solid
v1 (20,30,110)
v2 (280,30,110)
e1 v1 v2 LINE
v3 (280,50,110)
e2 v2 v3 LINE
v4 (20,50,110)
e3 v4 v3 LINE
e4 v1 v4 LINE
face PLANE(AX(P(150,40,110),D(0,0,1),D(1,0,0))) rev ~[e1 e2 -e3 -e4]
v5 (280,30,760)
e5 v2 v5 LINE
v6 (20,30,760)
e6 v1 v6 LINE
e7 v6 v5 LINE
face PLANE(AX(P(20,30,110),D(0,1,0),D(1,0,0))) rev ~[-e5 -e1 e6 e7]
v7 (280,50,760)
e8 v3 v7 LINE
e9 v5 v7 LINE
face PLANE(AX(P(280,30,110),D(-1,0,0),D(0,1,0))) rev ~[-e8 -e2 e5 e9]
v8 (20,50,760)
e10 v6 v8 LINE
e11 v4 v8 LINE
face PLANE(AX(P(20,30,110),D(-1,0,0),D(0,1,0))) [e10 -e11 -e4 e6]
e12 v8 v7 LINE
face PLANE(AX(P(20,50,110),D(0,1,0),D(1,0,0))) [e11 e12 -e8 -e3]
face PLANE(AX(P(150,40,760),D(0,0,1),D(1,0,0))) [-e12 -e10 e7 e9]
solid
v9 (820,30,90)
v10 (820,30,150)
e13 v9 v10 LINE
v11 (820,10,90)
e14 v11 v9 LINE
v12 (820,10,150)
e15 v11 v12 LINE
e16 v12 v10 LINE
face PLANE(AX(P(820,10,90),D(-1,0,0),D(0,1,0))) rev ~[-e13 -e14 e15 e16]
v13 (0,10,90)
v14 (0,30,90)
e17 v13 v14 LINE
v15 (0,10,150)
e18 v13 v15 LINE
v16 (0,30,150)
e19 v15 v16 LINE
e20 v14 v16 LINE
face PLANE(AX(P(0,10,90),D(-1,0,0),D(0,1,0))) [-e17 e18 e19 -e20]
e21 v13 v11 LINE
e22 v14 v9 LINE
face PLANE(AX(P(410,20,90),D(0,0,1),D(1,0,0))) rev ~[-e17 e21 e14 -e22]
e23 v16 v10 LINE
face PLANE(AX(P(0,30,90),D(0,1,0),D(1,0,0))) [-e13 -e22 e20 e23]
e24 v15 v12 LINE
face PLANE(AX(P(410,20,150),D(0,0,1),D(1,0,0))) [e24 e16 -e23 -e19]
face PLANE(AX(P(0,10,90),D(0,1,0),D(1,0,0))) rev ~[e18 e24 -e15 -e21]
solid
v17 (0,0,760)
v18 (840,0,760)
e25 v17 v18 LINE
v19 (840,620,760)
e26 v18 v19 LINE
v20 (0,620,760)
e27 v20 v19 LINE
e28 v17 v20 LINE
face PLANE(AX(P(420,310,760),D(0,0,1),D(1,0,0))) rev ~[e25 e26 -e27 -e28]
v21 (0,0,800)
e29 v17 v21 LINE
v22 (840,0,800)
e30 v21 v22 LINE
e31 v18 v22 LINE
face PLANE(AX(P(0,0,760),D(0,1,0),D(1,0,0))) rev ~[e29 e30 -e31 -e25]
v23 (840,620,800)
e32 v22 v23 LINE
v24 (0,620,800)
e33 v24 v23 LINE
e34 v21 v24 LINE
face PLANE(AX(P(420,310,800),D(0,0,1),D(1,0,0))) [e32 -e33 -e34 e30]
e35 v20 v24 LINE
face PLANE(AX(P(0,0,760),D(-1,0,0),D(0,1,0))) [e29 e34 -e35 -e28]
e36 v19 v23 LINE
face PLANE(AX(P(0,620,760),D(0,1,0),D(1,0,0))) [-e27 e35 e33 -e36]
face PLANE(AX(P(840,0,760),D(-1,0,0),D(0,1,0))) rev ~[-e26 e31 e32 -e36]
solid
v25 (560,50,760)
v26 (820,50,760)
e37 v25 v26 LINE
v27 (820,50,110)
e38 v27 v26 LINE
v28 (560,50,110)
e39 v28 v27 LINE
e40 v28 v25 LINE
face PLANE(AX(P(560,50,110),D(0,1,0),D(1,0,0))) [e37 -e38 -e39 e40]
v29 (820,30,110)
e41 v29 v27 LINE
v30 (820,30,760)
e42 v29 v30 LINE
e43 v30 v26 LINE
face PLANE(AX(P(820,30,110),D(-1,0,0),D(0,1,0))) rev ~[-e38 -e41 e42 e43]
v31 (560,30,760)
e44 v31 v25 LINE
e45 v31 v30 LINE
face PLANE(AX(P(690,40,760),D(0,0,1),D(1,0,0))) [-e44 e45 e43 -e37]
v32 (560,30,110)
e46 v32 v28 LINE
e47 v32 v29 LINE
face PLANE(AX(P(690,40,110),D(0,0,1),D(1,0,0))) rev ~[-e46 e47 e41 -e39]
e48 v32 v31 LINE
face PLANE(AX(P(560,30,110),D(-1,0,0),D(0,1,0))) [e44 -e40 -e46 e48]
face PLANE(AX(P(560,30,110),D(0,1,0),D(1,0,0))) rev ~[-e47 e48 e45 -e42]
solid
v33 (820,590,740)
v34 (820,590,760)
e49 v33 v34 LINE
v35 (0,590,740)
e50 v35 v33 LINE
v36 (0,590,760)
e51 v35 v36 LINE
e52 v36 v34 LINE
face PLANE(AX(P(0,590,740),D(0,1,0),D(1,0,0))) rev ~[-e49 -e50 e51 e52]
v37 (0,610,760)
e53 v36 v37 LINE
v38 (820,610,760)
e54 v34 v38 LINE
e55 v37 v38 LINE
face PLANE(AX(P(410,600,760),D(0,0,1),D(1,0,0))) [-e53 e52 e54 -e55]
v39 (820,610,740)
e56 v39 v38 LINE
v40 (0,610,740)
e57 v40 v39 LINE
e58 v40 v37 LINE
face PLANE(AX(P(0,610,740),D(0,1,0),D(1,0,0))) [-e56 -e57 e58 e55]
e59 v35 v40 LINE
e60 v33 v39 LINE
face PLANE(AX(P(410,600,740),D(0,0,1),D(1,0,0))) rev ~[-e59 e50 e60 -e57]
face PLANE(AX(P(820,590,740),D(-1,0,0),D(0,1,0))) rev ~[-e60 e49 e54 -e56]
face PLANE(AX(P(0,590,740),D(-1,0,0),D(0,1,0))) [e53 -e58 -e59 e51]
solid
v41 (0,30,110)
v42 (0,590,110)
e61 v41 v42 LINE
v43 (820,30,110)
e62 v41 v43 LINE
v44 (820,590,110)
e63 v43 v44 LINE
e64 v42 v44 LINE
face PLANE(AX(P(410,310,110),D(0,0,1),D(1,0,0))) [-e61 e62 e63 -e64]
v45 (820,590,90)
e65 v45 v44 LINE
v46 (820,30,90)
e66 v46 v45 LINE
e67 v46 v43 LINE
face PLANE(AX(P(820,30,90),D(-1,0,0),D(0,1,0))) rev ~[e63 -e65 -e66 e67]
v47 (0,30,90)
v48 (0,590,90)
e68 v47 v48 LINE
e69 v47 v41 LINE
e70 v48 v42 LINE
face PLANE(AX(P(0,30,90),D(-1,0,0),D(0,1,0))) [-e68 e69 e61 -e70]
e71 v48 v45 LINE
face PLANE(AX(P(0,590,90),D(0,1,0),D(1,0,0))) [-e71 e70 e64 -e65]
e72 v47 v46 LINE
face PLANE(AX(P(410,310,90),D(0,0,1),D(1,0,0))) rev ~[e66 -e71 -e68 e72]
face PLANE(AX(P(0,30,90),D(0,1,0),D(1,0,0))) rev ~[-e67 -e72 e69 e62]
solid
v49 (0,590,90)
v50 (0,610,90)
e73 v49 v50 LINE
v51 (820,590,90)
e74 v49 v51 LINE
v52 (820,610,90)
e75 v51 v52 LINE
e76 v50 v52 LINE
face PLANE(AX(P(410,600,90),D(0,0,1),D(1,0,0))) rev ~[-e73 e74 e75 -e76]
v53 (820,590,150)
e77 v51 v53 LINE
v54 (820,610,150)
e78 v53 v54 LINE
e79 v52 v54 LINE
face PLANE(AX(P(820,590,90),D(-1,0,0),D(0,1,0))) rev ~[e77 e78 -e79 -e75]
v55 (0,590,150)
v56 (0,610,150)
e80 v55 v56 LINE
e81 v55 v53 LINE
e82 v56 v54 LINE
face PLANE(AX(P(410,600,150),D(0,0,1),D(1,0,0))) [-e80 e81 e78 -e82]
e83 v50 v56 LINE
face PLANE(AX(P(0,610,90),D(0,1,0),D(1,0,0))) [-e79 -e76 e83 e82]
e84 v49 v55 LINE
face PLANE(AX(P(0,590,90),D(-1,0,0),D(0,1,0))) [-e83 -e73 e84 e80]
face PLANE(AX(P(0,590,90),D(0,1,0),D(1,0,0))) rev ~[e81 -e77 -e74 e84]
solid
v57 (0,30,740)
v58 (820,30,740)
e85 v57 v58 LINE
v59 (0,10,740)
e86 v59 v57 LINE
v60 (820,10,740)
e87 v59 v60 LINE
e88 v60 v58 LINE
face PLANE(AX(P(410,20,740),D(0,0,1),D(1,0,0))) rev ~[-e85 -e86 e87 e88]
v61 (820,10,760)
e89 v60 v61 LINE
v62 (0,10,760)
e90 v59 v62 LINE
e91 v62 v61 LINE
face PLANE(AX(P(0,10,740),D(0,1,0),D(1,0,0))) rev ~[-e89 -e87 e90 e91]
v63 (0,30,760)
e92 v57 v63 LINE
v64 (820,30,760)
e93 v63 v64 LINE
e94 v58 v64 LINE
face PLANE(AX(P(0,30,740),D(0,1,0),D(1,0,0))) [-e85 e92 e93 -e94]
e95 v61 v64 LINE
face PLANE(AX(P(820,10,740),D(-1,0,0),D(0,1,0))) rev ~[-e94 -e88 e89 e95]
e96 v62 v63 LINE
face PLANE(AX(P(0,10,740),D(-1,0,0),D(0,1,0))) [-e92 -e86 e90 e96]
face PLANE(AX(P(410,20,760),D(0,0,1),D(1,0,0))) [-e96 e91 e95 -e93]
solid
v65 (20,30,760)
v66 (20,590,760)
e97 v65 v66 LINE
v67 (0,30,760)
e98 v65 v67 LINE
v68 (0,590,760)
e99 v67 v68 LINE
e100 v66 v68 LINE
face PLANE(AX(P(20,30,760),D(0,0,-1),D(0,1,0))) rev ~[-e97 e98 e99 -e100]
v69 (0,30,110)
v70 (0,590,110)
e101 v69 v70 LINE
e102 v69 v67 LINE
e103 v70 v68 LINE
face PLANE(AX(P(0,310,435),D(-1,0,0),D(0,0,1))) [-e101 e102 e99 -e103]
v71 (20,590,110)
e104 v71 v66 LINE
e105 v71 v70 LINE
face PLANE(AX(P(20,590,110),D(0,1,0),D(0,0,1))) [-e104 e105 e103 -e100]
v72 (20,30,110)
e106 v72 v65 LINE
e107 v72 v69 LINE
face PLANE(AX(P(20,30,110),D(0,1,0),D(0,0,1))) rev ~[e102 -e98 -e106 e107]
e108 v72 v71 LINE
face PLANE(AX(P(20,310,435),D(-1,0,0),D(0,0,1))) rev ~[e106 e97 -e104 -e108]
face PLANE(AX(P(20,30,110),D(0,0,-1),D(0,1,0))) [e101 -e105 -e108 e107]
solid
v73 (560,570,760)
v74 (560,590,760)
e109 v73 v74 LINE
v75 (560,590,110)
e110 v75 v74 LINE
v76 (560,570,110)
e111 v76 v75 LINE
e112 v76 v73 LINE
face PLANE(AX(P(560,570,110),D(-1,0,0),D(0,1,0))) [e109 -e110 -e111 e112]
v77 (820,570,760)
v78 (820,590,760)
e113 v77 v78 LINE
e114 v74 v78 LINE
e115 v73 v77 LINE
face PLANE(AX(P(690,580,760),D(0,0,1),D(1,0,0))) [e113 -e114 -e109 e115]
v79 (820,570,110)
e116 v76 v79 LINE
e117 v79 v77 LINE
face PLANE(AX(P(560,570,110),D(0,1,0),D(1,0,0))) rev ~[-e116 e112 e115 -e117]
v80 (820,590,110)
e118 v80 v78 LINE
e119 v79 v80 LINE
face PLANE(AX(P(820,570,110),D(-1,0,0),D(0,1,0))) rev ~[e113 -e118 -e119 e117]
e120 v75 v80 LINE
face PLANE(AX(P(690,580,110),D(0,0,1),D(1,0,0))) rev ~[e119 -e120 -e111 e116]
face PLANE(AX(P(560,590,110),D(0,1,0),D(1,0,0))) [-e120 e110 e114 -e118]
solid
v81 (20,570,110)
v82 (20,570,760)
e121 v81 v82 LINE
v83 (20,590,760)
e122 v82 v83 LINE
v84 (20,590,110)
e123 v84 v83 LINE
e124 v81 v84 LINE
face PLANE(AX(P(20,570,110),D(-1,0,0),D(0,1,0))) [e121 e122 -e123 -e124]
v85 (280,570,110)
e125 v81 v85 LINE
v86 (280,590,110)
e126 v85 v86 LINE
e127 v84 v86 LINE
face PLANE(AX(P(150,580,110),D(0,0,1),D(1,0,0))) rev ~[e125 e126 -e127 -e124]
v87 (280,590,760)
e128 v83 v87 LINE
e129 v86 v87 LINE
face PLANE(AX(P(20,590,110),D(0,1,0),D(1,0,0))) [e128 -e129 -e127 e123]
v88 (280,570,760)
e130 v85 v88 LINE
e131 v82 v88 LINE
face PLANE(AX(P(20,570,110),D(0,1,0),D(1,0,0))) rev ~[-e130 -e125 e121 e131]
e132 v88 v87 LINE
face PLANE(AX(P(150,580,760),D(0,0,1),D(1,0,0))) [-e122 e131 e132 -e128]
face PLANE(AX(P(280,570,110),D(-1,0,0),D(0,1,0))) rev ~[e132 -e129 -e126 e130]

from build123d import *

# Parameters (mm, degrees)
BOX_W        = 840
BOX_H        = 620
BOX_DEPTH    = 40
BOX001_W     = 650
BOX001_H     = 560
BOX001_DEPTH = 20
BOX002_W     = 820
BOX002_H     = 560
BOX002_DEPTH = 20
BOX003_W     = 260
BOX003_H     = 20
BOX003_DEPTH = 650
BOX004_W     = 260
BOX004_H     = 20
BOX004_DEPTH = 650
BOX005_W     = 260
BOX005_H     = 20
BOX005_DEPTH = 650
BOX006_W     = 260
BOX006_H     = 20
BOX006_DEPTH = 650
BOX007_W     = 820
BOX007_H     = 20
BOX007_DEPTH = 60
BOX008_W     = 820
BOX008_H     = 20
BOX008_DEPTH = 60
BOX009_W     = 820
BOX009_H     = 20
BOX009_DEPTH = 20
BOX010_W     = 820
BOX010_H     = 20
BOX010_DEPTH = 20


with BuildPart() as top:
    # Box → Box (new body)
    with BuildSketch(Plane.XY.offset(760)):
        with Locations((420, 310)):
            Rectangle(BOX_W, BOX_H)
    extrude(amount=BOX_DEPTH)


with BuildPart() as rear:
    # Box001 → Box001 (new body)
    with BuildSketch(Plane(origin=(20, 30, 110), x_dir=(0, 0, 1), z_dir=(-1, 0, 0))):
        with Locations((325, 280)):
            Rectangle(BOX001_W, BOX001_H)
    extrude(amount=BOX001_DEPTH)


with BuildPart() as bottom:
    # Box002 → Box002 (new body)
    with BuildSketch(Plane(origin=(0, 30, 90), x_dir=(1, 0, 0), z_dir=(0, 0, 1))):
        with Locations((410, 280)):
            Rectangle(BOX002_W, BOX002_H)
    extrude(amount=BOX002_DEPTH)


with BuildPart() as side_rl:
    # Box003 → Box003 (new body)
    with BuildSketch(Plane(origin=(20, 30, 110), x_dir=(1, 0, 0), z_dir=(0, 0, 1))):
        with Locations((130, 10)):
            Rectangle(BOX003_W, BOX003_H)
    extrude(amount=BOX003_DEPTH)


with BuildPart() as side_rr:
    # Box004 → Box004 (new body)
    with BuildSketch(Plane(origin=(20, 570, 110), x_dir=(1, 0, 0), z_dir=(0, 0, 1))):
        with Locations((130, 10)):
            Rectangle(BOX004_W, BOX004_H)
    extrude(amount=BOX004_DEPTH)


with BuildPart() as side_fl:
    # Box005 → Box005 (new body)
    with BuildSketch(Plane(origin=(560, 30, 110), x_dir=(1, 0, 0), z_dir=(0, 0, 1))):
        with Locations((130, 10)):
            Rectangle(BOX005_W, BOX005_H)
    extrude(amount=BOX005_DEPTH)


with BuildPart() as side_fr:
    # Box006 → Box006 (new body)
    with BuildSketch(Plane(origin=(560, 570, 110), x_dir=(1, 0, 0), z_dir=(0, 0, 1))):
        with Locations((130, 10)):
            Rectangle(BOX006_W, BOX006_H)
    extrude(amount=BOX006_DEPTH)


with BuildPart() as plinth_l:
    # Box007 → Box007 (new body)
    with BuildSketch(Plane(origin=(0, 10, 90), x_dir=(1, 0, 0), z_dir=(0, 0, 1))):
        with Locations((410, 10)):
            Rectangle(BOX007_W, BOX007_H)
    extrude(amount=BOX007_DEPTH)


with BuildPart() as plinth_r:
    # Box008 → Box008 (new body)
    with BuildSketch(Plane(origin=(0, 590, 90), x_dir=(1, 0, 0), z_dir=(0, 0, 1))):
        with Locations((410, 10)):
            Rectangle(BOX008_W, BOX008_H)
    extrude(amount=BOX008_DEPTH)


with BuildPart() as fixing_l:
    # Box009 → Box009 (new body)
    with BuildSketch(Plane(origin=(0, 10, 740), x_dir=(1, 0, 0), z_dir=(0, 0, 1))):
        with Locations((410, 10)):
            Rectangle(BOX009_W, BOX009_H)
    extrude(amount=BOX009_DEPTH)


with BuildPart() as fixing_r:
    # Box010 → Box010 (new body)
    with BuildSketch(Plane(origin=(0, 590, 740), x_dir=(1, 0, 0), z_dir=(0, 0, 1))):
        with Locations((410, 10)):
            Rectangle(BOX010_W, BOX010_H)
    extrude(amount=BOX010_DEPTH)


solid = Compound([top.part, rear.part, bottom.part, side_rl.part, side_rr.part, side_fl.part, side_fr.part, plinth_l.part, plinth_r.part, fixing_l.part, fixing_r.part])
